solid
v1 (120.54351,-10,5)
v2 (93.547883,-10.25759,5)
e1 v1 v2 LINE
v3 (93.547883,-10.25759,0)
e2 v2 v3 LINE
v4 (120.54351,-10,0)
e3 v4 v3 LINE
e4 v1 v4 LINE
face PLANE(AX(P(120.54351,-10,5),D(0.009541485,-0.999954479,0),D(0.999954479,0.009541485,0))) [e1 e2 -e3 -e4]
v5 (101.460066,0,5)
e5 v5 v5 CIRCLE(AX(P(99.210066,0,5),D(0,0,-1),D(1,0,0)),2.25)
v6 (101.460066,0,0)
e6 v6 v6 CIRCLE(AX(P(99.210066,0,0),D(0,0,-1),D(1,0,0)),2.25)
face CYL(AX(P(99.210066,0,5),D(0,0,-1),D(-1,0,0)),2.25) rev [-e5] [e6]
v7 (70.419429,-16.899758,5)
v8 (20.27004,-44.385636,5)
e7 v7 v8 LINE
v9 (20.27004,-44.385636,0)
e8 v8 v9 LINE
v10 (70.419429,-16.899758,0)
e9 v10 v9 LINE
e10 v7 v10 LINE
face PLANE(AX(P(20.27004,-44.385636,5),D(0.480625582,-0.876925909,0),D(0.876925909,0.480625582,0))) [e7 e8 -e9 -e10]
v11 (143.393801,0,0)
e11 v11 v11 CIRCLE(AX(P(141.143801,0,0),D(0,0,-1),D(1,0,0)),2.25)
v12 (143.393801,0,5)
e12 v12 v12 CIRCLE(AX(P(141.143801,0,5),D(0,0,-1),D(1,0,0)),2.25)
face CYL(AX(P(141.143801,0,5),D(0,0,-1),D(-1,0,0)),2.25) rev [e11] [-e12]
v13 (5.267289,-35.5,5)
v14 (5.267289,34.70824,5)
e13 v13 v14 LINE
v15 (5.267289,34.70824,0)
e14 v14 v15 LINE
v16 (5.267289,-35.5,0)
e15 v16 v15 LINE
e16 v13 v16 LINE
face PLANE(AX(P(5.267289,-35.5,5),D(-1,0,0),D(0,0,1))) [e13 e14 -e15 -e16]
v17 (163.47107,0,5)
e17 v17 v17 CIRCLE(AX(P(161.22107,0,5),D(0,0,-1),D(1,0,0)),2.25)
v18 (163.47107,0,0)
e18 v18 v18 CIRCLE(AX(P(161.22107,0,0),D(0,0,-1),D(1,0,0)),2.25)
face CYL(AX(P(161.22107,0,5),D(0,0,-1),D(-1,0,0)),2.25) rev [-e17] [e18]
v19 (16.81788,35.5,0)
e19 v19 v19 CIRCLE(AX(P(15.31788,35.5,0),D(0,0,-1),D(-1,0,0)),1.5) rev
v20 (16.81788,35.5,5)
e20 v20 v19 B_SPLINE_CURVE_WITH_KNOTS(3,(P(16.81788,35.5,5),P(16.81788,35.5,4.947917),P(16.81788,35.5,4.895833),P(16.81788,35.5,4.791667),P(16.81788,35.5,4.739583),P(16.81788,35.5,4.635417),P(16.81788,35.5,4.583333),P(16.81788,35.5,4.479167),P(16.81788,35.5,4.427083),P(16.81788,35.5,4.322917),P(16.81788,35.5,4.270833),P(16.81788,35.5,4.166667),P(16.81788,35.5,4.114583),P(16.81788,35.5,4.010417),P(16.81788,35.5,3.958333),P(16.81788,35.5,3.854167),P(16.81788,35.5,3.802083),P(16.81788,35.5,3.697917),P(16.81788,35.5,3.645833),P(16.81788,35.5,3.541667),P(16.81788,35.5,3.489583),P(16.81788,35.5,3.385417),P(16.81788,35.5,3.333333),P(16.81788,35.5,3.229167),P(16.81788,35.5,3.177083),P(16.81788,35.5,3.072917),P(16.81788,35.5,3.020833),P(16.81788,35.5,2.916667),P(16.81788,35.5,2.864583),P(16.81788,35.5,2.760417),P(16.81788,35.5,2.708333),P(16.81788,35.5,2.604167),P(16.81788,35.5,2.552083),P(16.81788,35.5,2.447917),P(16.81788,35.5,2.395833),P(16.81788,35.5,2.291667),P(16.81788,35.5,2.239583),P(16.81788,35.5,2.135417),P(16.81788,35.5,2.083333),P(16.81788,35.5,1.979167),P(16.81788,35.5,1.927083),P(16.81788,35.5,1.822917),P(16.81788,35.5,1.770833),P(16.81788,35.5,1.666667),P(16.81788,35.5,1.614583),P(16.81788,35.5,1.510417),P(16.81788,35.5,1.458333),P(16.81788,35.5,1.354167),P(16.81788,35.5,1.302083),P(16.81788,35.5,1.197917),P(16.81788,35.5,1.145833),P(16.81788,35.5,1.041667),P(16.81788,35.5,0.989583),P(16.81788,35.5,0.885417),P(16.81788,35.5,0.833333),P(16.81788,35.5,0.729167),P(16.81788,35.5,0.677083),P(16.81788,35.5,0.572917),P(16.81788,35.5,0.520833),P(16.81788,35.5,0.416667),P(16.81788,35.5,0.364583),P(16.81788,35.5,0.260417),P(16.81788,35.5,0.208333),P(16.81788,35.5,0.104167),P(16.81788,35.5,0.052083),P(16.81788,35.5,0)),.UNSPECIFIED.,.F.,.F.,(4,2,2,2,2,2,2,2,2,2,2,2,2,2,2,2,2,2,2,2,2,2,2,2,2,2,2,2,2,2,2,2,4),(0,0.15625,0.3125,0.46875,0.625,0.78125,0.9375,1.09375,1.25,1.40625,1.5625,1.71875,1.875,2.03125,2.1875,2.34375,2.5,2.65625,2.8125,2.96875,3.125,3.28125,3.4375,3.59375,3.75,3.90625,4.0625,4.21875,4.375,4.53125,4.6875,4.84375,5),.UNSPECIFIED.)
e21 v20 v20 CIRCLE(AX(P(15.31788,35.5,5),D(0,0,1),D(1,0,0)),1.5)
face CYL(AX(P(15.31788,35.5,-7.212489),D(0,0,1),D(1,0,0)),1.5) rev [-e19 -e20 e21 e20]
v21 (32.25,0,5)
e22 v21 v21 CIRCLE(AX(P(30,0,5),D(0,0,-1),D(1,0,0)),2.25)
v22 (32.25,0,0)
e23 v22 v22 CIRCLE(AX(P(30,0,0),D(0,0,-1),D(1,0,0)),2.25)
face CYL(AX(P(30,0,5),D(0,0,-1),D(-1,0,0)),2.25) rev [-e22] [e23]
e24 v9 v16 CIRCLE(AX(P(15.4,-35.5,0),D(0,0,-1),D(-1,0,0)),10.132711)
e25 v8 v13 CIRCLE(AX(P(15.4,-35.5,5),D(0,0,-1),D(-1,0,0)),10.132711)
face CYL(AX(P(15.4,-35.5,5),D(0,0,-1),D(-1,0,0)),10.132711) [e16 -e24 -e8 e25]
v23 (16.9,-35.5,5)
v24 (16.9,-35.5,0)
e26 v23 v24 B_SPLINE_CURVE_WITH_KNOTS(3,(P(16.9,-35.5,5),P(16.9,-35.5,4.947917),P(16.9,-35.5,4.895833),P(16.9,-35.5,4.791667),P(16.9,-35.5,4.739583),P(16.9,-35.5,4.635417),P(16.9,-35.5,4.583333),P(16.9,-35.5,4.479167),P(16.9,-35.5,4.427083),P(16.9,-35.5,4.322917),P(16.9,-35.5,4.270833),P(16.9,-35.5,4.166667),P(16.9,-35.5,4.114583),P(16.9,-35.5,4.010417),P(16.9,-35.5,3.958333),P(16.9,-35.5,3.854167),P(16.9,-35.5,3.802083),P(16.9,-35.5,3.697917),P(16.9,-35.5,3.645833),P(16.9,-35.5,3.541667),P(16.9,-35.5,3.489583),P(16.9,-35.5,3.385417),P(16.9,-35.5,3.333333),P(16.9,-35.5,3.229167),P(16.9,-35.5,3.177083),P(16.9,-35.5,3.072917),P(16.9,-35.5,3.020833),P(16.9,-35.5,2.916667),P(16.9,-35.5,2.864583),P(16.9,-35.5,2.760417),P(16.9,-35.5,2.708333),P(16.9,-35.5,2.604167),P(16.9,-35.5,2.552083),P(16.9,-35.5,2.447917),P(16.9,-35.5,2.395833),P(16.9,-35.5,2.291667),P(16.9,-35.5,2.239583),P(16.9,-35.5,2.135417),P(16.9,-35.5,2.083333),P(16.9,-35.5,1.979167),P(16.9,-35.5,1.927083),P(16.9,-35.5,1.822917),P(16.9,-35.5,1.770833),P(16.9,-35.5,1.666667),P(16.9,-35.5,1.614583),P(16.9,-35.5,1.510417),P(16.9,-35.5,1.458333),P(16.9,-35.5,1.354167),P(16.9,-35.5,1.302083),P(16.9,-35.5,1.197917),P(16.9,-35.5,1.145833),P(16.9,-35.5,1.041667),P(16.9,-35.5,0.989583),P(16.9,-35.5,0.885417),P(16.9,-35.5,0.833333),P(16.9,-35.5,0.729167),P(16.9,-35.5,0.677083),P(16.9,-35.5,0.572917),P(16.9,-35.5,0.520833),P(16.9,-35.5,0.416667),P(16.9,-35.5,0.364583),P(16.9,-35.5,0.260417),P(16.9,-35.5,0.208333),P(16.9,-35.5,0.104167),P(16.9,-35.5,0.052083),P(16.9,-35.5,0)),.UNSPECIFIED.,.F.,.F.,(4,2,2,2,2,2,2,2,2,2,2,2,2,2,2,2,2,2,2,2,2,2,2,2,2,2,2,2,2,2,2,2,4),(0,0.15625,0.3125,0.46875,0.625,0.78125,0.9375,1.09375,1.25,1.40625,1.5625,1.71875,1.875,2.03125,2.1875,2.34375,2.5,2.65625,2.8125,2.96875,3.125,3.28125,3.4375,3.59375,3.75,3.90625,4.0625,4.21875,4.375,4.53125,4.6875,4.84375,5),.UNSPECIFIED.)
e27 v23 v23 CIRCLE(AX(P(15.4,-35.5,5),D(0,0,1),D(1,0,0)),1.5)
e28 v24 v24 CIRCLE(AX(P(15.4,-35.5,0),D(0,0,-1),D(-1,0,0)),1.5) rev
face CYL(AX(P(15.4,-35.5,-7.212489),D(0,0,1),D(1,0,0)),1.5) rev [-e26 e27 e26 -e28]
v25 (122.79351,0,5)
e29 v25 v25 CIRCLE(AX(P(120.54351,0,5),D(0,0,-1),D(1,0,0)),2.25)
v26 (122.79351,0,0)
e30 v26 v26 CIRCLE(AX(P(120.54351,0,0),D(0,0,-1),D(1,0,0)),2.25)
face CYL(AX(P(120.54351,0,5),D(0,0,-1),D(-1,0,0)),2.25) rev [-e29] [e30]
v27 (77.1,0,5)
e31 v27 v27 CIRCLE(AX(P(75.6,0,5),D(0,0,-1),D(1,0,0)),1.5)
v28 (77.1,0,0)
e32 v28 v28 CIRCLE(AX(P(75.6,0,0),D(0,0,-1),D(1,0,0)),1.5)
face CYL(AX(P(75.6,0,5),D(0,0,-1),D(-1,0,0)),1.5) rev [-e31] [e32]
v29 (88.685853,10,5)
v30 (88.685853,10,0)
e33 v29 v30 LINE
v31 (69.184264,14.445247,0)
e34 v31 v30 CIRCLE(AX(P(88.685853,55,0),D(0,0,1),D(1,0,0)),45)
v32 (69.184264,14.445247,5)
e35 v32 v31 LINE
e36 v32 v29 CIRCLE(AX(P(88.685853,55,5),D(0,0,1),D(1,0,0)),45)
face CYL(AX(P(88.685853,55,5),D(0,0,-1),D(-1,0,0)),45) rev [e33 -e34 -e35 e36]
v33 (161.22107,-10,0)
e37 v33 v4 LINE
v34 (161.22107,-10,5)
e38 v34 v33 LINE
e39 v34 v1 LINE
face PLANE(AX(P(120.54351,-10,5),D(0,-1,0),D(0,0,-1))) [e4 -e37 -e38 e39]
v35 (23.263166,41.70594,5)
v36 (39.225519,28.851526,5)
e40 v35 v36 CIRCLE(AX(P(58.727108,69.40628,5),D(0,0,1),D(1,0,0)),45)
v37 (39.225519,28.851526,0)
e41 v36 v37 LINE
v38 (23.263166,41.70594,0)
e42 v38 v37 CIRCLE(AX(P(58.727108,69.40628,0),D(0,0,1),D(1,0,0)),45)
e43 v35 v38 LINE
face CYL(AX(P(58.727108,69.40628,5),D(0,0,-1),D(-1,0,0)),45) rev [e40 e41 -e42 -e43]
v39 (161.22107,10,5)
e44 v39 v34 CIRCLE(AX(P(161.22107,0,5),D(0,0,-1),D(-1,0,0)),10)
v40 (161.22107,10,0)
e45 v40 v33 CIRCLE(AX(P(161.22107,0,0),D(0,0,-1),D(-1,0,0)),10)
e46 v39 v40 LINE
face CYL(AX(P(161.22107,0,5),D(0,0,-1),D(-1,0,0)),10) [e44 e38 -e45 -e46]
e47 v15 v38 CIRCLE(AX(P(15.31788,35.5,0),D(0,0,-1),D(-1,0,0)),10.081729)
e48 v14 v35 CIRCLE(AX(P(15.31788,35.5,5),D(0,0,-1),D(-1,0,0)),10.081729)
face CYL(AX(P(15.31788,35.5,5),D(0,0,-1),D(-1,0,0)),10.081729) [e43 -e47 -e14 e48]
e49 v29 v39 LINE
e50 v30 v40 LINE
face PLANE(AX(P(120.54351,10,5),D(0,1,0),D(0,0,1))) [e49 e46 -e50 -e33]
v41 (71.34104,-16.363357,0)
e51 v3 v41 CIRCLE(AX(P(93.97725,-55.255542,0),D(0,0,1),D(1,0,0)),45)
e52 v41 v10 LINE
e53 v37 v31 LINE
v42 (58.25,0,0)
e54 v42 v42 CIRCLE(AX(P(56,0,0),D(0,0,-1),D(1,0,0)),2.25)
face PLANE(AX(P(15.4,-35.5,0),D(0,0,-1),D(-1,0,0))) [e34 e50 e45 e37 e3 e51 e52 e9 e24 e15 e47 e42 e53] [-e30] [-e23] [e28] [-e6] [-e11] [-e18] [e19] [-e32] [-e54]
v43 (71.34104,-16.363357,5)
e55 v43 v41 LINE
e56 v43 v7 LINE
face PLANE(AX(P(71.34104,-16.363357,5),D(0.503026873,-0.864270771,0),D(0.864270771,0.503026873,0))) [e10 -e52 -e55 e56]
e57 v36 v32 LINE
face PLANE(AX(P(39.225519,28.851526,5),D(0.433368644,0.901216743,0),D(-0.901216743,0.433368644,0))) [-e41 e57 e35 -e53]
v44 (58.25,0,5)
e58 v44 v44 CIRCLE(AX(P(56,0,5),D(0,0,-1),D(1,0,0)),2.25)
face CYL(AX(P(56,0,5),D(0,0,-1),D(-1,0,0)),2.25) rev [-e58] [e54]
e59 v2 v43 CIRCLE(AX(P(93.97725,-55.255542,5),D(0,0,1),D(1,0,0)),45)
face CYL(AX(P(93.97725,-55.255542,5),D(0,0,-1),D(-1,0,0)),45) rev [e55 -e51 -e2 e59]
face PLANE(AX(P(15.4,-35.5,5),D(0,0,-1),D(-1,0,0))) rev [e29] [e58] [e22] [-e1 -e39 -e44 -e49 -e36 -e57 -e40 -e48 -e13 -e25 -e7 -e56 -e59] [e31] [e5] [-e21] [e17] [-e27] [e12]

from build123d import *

# Parameters (mm, degrees)
CROQUIS1_R              = 2.25
CROQUIS1_R_2            = 2.55
CROQUIS1_R_3            = 1.5
SALIENTE_EXTRUIR1_DEPTH = 5
SALIENTE_EXTRUIR2_START = -5
CROQUIS2_R              = 2.55
CROQUIS2_R_2            = 1.5
SALIENTE_EXTRUIR2_DEPTH = 5


with BuildPart() as part:
    # Croquis1 → Saliente-Extruir1 (new body)
    with BuildSketch(Plane(origin=(0, 0, 0), x_dir=(-1, 0, 0), z_dir=(0, 0, -1))):
        with BuildLine():
            Line((-71.341040378, -16.363356968), (-70.419428585, -16.899757727))
            Line((-70.419428585, -16.899757727), (-20.270039886, -44.385636378))
            ThreePointArc((-20.270039886, -44.385636378), (-10.236419944, -44.21832916), (-5.267289487, -35.5))
            Line((-5.267289487, -35.5), (-5.267289487, 34.708239567))
            ThreePointArc((-5.267289487, 34.708239567), (-11.664110706, 44.896341112), (-23.263165727, 41.705940291))
            ThreePointArc((-23.263165727, 41.705940291), (-30.502802881, 34.357904526), (-39.225518904, 28.851526324))
            Line((-39.225518904, 28.851526324), (-69.184263586, 14.445246544))
            ThreePointArc((-69.184263586, 14.445246544), (-78.684950229, 11.125383731), (-88.685852551, 10))
            Line((-88.685852551, 10), (-120.543509993, 10))
            Line((-120.543509993, 10), (-161.221070033, 10))
            ThreePointArc((-161.221070033, 10), (-171.221070033, 0), (-161.221070033, -10))
            Line((-161.221070033, -10), (-120.543509993, -10))
            Line((-120.543509993, -10), (-93.547882821, -10.2575901))
            ThreePointArc((-93.547882821, -10.2575901), (-82.047232991, -11.865742134), (-71.341040378, -16.363356968))
        make_face()
        with Locations(Location((-30, 0, 0), (0, 0, 180))):
            Circle(CROQUIS1_R, mode=Mode.SUBTRACT)
        with Locations(Location((-15.4, -35.5, 0), (0, 0, 180))):
            Circle(CROQUIS1_R_2, mode=Mode.SUBTRACT)
        with Locations(Location((-15.317880165, 35.5, 0), (0, 0, 180))):
            Circle(CROQUIS1_R_2, mode=Mode.SUBTRACT)
        with Locations(Location((-141.14380115, 0, 0), (0, 0, 180))):
            Circle(CROQUIS1_R, mode=Mode.SUBTRACT)
        with Locations(Location((-161.221070033, 0, 0), (0, 0, 180))):
            Circle(CROQUIS1_R, mode=Mode.SUBTRACT)
        with Locations(Location((-56, 0, 0), (0, 0, 180))):
            Circle(CROQUIS1_R, mode=Mode.SUBTRACT)
        with Locations(Location((-75.6, 0, 0), (0, 0, 180))):
            Circle(CROQUIS1_R_3, mode=Mode.SUBTRACT)
        with Locations(Location((-99.210066217, 0, 0), (0, 0, 180))):
            Circle(CROQUIS1_R, mode=Mode.SUBTRACT)
        with Locations(Location((-120.543509993, 0, 0), (0, 0, 180))):
            Circle(CROQUIS1_R, mode=Mode.SUBTRACT)
    extrude(amount=-SALIENTE_EXTRUIR1_DEPTH)

    # Croquis2 → Saliente-Extruir2 (add)
    # profile 1 of 2: a face of its own
    with BuildSketch(Plane.XY.offset(5).offset(SALIENTE_EXTRUIR2_START)):
        with Locations((15.4, -35.5)):
            Circle(CROQUIS2_R)
        with Locations((15.4, -35.5)):
            Circle(CROQUIS2_R_2, mode=Mode.SUBTRACT)
    # profile 2 of 2: a face of its own
    with BuildSketch(Plane.XY.offset(5).offset(SALIENTE_EXTRUIR2_START)):
        with Locations((15.317880165, 35.5)):
            Circle(CROQUIS2_R)
        with Locations((15.317880165, 35.5)):
            Circle(CROQUIS2_R_2, mode=Mode.SUBTRACT)
    extrude(amount=SALIENTE_EXTRUIR2_DEPTH)


solid = part.part
